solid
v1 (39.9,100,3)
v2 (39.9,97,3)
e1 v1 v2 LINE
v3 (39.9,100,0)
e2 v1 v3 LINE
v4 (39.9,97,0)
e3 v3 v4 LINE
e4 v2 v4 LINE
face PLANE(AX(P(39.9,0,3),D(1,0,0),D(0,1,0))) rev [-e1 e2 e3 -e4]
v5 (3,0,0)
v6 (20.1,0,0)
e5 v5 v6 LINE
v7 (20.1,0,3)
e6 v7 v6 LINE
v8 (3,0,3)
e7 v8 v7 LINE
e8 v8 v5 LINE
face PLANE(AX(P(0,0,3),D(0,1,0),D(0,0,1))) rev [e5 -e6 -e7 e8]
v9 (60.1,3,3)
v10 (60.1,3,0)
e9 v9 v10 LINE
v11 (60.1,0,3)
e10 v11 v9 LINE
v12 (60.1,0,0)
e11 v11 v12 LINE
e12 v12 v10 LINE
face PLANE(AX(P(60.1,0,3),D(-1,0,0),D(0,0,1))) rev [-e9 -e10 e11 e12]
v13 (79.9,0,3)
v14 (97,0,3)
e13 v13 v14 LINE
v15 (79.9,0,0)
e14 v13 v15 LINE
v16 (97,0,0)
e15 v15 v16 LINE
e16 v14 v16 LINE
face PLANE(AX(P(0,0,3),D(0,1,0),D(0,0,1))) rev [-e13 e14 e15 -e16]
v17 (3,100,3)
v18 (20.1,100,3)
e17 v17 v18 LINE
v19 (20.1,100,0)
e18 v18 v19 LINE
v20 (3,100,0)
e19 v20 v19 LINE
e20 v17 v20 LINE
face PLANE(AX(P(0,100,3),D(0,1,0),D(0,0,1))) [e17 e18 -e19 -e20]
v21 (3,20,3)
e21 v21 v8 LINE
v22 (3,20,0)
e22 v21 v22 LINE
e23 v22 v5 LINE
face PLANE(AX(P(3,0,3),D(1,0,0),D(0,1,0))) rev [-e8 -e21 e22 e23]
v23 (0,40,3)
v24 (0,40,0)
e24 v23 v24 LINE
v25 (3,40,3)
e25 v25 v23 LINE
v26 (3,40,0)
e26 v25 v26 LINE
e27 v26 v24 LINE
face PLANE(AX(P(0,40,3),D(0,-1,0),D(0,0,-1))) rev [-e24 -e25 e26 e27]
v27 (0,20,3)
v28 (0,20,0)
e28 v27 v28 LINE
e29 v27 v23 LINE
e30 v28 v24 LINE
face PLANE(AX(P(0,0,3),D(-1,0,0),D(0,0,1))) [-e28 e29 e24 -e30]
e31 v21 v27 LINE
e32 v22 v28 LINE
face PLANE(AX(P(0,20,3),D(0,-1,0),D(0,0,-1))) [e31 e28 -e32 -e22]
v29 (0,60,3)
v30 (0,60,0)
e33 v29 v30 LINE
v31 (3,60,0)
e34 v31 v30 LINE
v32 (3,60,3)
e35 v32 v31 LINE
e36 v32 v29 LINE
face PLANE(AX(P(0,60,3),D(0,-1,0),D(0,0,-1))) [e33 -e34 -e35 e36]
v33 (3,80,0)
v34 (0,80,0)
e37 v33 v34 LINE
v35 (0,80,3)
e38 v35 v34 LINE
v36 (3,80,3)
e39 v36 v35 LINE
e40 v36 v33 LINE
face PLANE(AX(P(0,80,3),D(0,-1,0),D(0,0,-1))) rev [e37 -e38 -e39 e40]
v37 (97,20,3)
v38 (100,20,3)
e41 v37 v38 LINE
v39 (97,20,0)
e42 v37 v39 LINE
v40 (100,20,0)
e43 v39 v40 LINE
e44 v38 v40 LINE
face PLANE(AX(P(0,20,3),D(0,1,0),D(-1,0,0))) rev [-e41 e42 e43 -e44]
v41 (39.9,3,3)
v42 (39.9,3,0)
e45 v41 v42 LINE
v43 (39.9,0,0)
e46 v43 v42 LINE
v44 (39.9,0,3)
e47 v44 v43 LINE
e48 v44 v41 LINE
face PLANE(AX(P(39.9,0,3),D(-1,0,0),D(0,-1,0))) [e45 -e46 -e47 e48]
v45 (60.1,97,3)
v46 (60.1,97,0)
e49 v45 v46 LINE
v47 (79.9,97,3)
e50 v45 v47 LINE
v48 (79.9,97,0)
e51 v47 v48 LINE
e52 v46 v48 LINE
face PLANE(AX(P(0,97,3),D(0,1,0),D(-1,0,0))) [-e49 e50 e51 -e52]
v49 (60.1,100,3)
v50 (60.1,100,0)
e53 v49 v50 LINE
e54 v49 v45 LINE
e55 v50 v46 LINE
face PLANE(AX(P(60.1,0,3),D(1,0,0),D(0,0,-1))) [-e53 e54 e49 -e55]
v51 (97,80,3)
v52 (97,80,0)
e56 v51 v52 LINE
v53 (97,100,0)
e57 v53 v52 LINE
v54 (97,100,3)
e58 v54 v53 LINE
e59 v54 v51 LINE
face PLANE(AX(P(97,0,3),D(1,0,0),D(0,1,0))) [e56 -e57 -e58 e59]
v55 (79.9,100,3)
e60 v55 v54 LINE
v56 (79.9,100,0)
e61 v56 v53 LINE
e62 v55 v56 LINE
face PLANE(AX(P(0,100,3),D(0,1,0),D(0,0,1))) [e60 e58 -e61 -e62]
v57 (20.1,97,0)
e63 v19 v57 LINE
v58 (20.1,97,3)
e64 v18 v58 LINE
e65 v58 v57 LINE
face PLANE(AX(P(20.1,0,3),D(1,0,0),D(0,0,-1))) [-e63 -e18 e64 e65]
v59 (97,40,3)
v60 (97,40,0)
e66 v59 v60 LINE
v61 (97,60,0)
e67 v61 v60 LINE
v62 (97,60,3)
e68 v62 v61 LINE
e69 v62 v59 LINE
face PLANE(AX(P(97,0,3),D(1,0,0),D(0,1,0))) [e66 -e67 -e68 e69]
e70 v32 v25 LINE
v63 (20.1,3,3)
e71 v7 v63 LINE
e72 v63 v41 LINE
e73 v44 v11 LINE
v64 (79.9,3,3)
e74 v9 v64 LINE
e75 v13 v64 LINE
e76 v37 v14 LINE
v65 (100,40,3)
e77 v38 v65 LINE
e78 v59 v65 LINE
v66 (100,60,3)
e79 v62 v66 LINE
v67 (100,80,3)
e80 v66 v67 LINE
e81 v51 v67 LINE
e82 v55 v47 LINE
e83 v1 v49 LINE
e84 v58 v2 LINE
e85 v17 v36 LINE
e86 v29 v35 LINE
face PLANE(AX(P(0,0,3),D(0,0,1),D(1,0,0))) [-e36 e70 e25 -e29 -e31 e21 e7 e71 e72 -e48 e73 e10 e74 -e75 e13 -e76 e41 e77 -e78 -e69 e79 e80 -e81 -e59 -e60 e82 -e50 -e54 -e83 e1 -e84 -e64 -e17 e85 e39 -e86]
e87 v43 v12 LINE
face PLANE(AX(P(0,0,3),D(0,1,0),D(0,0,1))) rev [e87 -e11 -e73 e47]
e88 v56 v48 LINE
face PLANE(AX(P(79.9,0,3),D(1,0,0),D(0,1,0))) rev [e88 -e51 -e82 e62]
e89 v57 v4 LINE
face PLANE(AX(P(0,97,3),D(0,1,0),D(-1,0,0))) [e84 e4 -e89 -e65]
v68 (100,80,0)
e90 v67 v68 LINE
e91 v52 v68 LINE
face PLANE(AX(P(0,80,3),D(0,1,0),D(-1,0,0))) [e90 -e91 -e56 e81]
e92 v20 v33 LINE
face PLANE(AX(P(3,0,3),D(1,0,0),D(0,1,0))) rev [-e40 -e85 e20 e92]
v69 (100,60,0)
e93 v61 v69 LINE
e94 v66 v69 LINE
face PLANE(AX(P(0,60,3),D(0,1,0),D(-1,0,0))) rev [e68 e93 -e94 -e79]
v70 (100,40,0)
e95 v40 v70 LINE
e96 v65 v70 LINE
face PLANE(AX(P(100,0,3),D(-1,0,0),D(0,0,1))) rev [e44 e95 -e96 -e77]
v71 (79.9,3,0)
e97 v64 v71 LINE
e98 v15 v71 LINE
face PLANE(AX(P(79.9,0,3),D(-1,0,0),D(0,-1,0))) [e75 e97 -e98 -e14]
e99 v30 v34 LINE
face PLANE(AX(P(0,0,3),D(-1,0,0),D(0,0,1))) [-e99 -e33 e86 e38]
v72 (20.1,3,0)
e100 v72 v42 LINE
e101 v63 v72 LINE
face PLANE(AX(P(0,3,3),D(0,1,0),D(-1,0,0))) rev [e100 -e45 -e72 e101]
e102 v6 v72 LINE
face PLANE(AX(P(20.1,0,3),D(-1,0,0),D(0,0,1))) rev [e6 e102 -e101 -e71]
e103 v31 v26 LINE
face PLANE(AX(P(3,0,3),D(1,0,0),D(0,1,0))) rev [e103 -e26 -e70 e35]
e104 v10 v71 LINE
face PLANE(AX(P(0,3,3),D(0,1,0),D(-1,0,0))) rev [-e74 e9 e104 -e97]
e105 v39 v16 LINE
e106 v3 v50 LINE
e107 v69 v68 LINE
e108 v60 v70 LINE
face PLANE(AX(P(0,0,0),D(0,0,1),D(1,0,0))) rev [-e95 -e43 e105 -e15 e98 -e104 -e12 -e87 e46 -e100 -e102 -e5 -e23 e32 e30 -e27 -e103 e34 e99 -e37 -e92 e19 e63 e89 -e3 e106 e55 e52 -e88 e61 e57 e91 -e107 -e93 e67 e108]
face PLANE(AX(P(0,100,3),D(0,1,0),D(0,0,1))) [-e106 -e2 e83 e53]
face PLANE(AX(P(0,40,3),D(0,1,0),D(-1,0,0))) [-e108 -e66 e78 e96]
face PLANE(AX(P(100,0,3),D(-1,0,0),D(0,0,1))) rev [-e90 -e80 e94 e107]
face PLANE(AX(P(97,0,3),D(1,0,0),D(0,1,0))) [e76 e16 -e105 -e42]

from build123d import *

# Parameters (mm, degrees)
BOSS_EXTRUDE1_DEPTH = 3


with BuildPart() as part:
    # Sketch1 → Boss-Extrude1 (new body)
    with BuildSketch(Plane.XY):
        Polygon((60.1, 97), (60.1, 100), (39.9, 100), (39.9, 97), (20.1, 97), (20.1, 100), (3, 100), (3, 80), (0, 80), (0, 60), (3, 60), (3, 40), (0, 40), (0, 20), (3, 20), (3, 0), (20.1, 0), (20.1, 3), (39.9, 3), (39.9, 0), (60.1, 0), (60.1, 3), (79.9, 3), (79.9, 0), (97, 0), (97, 20), (100, 20), (100, 40), (97, 40), (97, 60), (100, 60), (100, 80), (97, 80), (97, 100), (79.9, 100), (79.9, 97), align=None)
    extrude(amount=BOSS_EXTRUDE1_DEPTH)


solid = part.part
